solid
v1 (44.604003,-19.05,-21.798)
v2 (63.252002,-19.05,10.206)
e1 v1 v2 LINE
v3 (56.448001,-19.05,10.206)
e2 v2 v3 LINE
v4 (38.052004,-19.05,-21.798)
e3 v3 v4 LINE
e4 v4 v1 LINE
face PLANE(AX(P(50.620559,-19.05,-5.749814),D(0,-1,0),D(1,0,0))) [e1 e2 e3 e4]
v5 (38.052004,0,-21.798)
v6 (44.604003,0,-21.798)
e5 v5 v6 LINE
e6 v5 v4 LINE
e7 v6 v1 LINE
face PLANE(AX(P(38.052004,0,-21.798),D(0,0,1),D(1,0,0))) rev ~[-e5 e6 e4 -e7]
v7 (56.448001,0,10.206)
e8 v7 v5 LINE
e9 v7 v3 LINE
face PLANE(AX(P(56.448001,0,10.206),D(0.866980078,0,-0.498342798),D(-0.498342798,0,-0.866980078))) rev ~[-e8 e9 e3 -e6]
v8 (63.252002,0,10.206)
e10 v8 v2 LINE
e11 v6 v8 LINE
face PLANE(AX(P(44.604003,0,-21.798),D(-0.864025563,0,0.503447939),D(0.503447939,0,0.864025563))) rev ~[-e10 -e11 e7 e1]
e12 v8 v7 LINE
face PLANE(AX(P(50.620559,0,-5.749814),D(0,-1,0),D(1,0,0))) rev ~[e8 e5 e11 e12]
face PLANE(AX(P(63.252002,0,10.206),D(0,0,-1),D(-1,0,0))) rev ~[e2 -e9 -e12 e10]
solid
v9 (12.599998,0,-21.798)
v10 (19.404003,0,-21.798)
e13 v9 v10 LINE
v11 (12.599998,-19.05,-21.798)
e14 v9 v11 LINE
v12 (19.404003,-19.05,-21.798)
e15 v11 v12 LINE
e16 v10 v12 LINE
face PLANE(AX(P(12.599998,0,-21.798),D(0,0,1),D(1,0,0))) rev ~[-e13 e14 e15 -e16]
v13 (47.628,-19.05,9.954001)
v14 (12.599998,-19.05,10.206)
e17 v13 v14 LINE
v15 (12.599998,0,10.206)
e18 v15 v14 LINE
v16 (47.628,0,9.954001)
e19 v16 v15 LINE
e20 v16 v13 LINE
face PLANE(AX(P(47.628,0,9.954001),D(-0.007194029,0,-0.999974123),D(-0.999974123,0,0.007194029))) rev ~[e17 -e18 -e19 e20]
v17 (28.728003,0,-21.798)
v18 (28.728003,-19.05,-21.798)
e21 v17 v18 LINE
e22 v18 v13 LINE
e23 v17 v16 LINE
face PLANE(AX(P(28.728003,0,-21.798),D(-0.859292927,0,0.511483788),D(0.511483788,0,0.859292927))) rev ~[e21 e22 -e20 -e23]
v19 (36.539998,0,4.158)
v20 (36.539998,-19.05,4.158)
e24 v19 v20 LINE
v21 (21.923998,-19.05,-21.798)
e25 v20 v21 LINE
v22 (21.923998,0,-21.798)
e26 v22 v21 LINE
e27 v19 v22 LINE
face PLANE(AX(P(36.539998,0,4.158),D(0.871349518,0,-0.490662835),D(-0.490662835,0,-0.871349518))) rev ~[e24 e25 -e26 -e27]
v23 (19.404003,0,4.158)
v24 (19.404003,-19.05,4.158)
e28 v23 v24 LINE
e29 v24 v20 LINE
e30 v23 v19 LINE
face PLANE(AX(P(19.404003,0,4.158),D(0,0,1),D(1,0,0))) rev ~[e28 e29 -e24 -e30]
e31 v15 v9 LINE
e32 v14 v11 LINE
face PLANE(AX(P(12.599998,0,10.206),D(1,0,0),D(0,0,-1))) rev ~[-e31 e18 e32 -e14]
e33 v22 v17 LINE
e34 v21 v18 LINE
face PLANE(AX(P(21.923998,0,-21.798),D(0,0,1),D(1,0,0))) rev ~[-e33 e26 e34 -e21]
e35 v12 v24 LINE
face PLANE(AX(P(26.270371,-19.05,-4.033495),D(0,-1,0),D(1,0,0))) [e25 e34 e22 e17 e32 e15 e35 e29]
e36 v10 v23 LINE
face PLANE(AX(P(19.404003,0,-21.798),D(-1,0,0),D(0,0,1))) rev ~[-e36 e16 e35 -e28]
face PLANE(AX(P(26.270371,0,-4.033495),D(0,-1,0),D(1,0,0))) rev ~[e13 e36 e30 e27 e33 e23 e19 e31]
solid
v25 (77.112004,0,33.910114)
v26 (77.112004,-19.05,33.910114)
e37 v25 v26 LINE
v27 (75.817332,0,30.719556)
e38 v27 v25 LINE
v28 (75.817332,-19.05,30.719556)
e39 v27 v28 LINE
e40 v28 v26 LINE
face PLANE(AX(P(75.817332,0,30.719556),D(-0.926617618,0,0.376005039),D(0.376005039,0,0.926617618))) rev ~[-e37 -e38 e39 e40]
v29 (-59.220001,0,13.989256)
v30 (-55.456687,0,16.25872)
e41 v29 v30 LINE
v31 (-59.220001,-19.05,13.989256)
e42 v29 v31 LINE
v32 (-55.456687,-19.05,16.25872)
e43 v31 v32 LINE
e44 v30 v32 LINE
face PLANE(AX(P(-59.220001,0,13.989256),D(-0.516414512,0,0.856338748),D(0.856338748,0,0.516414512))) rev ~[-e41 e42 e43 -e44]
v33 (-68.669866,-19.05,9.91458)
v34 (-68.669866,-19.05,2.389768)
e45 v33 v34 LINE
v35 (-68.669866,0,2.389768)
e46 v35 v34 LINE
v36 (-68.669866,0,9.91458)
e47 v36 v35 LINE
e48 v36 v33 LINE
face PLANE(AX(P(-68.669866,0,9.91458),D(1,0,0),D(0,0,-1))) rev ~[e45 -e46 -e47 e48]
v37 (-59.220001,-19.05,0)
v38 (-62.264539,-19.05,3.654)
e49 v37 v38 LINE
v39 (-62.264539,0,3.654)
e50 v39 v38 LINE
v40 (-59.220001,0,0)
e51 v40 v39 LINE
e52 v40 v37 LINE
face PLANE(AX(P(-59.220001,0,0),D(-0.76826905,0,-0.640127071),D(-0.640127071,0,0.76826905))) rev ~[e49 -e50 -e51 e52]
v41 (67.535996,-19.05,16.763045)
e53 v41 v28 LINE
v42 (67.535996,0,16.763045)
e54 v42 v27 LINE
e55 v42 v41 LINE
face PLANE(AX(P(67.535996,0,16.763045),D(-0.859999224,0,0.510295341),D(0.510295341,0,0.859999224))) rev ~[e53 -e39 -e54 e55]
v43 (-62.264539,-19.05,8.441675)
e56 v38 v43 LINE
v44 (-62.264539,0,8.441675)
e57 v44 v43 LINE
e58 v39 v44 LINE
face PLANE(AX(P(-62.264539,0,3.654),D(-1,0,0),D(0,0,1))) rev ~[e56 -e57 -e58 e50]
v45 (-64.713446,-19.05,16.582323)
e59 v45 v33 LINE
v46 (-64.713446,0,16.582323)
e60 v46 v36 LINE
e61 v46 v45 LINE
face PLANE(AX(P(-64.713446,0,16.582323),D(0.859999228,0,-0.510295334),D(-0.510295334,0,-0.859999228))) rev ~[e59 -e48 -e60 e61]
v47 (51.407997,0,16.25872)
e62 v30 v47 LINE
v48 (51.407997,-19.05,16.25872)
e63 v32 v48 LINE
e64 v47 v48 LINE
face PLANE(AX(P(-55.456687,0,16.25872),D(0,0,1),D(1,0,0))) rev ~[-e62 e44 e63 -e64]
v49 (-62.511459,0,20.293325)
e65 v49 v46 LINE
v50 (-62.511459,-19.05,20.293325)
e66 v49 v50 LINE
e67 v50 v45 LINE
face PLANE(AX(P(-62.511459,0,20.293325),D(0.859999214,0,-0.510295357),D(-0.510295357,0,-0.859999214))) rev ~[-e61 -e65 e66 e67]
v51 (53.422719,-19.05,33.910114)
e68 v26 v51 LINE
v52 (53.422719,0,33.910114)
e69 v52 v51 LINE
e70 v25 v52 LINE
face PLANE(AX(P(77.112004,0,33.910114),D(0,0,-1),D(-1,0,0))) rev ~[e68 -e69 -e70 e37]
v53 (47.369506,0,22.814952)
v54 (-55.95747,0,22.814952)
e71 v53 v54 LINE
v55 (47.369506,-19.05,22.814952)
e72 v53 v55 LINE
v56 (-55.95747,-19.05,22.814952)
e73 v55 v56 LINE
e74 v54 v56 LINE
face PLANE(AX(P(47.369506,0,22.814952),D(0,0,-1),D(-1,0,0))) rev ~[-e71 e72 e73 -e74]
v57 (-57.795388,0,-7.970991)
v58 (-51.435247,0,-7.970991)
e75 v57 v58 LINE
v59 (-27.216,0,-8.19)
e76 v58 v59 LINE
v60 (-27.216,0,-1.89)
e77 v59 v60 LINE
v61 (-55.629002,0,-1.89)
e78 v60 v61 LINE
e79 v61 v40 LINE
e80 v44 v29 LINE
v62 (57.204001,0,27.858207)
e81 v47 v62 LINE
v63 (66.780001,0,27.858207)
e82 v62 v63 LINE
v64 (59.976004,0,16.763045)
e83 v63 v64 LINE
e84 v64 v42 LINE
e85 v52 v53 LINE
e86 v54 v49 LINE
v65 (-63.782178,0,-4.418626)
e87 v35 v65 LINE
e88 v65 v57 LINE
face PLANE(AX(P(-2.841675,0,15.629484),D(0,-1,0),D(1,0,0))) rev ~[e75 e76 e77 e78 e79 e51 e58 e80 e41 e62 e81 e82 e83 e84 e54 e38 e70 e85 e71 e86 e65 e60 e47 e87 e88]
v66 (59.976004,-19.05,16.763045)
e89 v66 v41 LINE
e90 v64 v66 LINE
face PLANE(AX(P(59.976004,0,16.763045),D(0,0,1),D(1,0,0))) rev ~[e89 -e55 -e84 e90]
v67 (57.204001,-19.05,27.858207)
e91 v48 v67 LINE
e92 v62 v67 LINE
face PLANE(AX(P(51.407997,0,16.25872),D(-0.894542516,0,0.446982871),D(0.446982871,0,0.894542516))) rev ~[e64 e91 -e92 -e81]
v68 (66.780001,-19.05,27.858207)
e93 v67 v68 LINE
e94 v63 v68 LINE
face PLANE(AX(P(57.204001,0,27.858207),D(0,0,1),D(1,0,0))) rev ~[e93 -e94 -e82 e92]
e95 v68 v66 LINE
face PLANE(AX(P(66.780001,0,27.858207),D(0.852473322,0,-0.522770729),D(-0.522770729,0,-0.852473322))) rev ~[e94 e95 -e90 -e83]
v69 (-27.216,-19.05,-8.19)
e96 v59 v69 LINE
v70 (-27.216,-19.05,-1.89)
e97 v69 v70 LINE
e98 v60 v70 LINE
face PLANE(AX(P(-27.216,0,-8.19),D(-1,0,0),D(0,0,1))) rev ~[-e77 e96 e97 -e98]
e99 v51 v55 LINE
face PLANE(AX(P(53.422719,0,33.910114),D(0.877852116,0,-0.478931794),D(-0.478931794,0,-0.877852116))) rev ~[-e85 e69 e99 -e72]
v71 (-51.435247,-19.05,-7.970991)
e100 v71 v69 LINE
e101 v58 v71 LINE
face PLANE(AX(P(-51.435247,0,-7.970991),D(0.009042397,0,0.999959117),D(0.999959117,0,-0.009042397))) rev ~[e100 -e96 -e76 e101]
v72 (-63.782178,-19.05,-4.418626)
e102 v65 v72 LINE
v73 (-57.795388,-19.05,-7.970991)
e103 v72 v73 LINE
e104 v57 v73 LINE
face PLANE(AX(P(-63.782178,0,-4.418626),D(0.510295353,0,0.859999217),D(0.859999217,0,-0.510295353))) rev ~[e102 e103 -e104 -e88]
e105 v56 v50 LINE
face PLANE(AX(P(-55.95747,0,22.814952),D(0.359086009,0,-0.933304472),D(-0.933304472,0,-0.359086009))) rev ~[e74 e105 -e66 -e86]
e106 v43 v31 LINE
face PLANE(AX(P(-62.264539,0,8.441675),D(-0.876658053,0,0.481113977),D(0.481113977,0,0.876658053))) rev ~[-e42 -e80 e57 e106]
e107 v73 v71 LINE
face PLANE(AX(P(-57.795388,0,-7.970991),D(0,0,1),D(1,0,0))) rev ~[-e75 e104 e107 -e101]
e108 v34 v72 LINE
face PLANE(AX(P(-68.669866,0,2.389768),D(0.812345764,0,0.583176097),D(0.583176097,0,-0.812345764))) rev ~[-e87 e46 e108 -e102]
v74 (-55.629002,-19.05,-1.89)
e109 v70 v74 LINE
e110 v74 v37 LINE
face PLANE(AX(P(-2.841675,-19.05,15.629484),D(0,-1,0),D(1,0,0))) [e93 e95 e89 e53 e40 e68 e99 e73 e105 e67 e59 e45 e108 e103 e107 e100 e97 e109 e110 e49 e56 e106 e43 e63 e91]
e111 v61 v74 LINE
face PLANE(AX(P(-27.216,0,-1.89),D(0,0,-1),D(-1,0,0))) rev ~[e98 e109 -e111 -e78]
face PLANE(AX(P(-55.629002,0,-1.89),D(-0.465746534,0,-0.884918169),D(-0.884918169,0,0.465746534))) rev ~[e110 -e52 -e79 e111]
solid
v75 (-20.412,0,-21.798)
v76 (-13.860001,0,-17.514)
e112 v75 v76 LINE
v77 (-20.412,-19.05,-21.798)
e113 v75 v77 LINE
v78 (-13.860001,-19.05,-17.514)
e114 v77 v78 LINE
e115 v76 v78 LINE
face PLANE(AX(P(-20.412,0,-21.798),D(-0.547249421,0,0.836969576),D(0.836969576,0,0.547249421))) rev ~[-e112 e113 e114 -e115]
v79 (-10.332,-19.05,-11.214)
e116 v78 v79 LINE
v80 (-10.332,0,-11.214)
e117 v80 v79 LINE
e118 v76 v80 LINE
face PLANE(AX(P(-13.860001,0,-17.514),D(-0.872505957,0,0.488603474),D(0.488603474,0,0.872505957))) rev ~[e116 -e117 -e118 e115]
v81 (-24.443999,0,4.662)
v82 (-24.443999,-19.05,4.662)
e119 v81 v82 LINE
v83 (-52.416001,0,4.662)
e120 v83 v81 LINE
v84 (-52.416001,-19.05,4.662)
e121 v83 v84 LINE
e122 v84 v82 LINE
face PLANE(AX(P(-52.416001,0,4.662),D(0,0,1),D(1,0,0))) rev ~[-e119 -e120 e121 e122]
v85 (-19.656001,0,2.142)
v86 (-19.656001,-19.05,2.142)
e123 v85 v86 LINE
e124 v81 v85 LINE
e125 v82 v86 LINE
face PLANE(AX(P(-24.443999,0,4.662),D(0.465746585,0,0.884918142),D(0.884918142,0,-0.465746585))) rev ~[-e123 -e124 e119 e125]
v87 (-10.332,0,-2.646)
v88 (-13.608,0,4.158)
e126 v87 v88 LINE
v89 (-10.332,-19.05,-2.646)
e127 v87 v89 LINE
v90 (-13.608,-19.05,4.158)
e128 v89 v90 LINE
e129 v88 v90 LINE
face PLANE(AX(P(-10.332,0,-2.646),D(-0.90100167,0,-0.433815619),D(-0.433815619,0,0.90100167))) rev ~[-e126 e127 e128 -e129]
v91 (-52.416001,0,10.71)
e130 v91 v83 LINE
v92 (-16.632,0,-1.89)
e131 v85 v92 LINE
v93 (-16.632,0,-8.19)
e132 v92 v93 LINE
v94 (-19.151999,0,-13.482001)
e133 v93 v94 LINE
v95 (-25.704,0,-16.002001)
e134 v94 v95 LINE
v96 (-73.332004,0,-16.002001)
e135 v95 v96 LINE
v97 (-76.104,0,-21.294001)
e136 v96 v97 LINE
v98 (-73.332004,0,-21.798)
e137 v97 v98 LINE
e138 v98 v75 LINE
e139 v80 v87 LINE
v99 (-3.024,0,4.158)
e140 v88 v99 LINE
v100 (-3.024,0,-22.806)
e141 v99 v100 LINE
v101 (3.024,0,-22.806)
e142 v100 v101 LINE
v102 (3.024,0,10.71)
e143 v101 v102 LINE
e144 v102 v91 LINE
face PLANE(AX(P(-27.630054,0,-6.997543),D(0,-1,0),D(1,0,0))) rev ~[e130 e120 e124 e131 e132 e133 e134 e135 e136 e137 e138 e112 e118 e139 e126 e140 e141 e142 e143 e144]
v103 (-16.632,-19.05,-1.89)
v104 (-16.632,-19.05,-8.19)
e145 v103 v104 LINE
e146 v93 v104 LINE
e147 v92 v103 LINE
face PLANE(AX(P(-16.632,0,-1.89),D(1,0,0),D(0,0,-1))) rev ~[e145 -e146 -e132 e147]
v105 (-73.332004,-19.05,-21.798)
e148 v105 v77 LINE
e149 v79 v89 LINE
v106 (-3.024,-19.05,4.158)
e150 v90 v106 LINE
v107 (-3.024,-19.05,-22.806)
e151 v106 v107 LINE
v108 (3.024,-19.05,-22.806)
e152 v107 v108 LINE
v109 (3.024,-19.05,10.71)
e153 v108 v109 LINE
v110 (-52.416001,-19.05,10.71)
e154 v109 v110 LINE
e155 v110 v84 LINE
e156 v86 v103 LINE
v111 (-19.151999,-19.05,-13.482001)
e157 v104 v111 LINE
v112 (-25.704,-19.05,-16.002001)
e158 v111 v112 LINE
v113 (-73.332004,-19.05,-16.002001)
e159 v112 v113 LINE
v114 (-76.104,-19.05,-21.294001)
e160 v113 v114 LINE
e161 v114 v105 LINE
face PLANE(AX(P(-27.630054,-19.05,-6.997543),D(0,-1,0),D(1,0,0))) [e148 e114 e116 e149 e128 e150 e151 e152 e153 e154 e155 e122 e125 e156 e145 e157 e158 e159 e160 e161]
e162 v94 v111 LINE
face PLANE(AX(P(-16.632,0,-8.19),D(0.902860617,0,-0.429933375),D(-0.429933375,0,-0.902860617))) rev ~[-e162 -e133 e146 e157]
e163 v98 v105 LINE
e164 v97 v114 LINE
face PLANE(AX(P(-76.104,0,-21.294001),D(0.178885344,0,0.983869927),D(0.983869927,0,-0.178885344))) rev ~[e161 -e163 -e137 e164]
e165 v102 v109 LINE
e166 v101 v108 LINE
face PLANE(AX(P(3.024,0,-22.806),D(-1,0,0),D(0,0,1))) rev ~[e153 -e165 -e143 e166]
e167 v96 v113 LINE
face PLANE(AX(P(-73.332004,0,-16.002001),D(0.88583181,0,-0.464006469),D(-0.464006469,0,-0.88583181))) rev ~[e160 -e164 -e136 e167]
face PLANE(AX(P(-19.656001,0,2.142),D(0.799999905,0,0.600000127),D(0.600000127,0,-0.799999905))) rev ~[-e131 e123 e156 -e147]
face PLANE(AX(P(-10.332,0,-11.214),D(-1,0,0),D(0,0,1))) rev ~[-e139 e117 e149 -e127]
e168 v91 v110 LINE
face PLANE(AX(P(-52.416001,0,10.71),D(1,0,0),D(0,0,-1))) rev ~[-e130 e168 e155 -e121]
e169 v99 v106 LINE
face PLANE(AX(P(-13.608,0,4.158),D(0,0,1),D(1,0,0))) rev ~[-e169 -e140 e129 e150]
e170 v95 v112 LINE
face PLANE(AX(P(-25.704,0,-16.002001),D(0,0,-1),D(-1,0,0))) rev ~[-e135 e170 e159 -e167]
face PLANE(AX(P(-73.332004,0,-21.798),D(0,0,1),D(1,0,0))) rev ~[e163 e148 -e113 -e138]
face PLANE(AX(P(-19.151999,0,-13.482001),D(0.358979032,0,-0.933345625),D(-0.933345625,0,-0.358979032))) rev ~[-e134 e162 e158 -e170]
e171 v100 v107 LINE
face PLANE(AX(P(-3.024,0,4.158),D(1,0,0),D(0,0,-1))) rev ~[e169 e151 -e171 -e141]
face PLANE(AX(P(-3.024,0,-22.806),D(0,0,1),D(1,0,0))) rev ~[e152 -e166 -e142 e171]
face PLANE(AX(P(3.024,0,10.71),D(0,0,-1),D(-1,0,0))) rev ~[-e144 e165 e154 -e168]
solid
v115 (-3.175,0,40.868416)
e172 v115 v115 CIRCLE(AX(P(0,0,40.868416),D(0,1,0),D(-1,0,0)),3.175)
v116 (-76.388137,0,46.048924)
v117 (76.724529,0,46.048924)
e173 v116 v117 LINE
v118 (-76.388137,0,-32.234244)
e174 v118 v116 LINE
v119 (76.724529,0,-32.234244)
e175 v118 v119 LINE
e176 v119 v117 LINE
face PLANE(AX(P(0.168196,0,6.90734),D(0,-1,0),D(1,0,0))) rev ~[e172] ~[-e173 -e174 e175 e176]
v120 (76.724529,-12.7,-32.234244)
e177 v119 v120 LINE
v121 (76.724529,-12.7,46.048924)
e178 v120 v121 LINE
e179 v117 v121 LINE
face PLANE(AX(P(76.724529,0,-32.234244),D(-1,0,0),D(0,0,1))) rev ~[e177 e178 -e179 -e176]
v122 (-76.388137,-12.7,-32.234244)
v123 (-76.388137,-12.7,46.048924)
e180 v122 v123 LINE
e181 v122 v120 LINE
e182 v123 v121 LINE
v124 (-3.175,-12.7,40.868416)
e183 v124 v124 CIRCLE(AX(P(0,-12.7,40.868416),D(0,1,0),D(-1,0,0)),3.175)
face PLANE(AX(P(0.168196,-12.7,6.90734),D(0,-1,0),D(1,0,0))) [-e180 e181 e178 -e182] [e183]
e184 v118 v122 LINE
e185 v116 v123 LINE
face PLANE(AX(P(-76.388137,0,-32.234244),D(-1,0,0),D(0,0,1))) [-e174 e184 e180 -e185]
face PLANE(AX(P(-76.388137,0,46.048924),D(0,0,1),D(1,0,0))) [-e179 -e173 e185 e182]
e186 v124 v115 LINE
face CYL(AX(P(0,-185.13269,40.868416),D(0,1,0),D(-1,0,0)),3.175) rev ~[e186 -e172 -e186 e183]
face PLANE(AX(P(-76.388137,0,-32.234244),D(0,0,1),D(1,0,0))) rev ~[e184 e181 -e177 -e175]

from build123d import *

# Parameters (mm, degrees)
F1_DEPTH = 19.05
F2_W     = 153.112665
F2_H     = 78.283168
F3_DEPTH = 12.7
F5_D     = 6.35


with BuildPart() as f1:
    # F0 (on Front) → F1 (new body)
    with BuildSketch(Plane.XZ):
        Polygon((63.252002, 10.206), (56.448001, 10.206), (38.052004, -21.798), (44.604003, -21.798), align=None)
        Polygon((47.628, 9.954001), (12.599998, 10.206), (12.599998, -21.798), (19.404003, -21.798), (19.404003, 4.158), (36.539998, 4.158), (21.923998, -21.798), (28.728003, -21.798), align=None)
        Polygon((-51.435247, -7.970991), (-27.216, -8.19), (-27.216, -1.89), (-52.416001, -1.89), (-55.629002, -1.89), (-59.220001, 0), (-62.264539, 3.654), (-62.264539, 8.441675), (-59.220001, 13.989256), (-55.456687, 16.25872), (-51.171839, 16.25872), (51.407997, 16.25872), (57.204001, 27.858207), (66.780001, 27.858207), (59.976004, 16.763045), (67.535996, 16.763045), (75.817332, 30.719556), (77.112004, 33.910114), (53.422719, 33.910114), (47.369506, 22.814952), (-55.95747, 22.814952), (-62.511459, 20.293325), (-64.713446, 16.582323), (-68.669866, 9.91458), (-68.669866, 2.389768), (-63.782178, -4.418626), (-57.795388, -7.970991), align=None)
        Polygon((-73.332004, -16.002001), (-76.104, -21.294001), (-73.332004, -21.798), (-25.200002, -21.798), (-20.412, -21.798), (-13.860001, -17.514), (-10.332, -11.214), (-10.332, -2.646), (-13.608, 4.158), (-3.024, 4.158), (-3.024, -22.806), (3.024, -22.806), (3.024, 10.71), (-52.416001, 10.71), (-52.416001, 4.662), (-24.443999, 4.662), (-19.656001, 2.142), (-16.632, -1.89), (-16.632, -8.19), (-19.151999, -13.482001), (-25.704, -16.002001), align=None)
    extrude(amount=F1_DEPTH)


with BuildPart() as f3:
    # F2 (on Front) → F3 (new body)
    with BuildSketch(Plane.XZ):
        with Locations((0.168196, 6.90734)):
            Rectangle(F2_W, F2_H)
    extrude(amount=F3_DEPTH)

    # F5 (through all)
    with Locations(Plane.XZ.offset(12.7)):
        with Locations((0, 40.868416)):
            Hole(F5_D / 2)


solid = Compound([f1.part, f3.part])
